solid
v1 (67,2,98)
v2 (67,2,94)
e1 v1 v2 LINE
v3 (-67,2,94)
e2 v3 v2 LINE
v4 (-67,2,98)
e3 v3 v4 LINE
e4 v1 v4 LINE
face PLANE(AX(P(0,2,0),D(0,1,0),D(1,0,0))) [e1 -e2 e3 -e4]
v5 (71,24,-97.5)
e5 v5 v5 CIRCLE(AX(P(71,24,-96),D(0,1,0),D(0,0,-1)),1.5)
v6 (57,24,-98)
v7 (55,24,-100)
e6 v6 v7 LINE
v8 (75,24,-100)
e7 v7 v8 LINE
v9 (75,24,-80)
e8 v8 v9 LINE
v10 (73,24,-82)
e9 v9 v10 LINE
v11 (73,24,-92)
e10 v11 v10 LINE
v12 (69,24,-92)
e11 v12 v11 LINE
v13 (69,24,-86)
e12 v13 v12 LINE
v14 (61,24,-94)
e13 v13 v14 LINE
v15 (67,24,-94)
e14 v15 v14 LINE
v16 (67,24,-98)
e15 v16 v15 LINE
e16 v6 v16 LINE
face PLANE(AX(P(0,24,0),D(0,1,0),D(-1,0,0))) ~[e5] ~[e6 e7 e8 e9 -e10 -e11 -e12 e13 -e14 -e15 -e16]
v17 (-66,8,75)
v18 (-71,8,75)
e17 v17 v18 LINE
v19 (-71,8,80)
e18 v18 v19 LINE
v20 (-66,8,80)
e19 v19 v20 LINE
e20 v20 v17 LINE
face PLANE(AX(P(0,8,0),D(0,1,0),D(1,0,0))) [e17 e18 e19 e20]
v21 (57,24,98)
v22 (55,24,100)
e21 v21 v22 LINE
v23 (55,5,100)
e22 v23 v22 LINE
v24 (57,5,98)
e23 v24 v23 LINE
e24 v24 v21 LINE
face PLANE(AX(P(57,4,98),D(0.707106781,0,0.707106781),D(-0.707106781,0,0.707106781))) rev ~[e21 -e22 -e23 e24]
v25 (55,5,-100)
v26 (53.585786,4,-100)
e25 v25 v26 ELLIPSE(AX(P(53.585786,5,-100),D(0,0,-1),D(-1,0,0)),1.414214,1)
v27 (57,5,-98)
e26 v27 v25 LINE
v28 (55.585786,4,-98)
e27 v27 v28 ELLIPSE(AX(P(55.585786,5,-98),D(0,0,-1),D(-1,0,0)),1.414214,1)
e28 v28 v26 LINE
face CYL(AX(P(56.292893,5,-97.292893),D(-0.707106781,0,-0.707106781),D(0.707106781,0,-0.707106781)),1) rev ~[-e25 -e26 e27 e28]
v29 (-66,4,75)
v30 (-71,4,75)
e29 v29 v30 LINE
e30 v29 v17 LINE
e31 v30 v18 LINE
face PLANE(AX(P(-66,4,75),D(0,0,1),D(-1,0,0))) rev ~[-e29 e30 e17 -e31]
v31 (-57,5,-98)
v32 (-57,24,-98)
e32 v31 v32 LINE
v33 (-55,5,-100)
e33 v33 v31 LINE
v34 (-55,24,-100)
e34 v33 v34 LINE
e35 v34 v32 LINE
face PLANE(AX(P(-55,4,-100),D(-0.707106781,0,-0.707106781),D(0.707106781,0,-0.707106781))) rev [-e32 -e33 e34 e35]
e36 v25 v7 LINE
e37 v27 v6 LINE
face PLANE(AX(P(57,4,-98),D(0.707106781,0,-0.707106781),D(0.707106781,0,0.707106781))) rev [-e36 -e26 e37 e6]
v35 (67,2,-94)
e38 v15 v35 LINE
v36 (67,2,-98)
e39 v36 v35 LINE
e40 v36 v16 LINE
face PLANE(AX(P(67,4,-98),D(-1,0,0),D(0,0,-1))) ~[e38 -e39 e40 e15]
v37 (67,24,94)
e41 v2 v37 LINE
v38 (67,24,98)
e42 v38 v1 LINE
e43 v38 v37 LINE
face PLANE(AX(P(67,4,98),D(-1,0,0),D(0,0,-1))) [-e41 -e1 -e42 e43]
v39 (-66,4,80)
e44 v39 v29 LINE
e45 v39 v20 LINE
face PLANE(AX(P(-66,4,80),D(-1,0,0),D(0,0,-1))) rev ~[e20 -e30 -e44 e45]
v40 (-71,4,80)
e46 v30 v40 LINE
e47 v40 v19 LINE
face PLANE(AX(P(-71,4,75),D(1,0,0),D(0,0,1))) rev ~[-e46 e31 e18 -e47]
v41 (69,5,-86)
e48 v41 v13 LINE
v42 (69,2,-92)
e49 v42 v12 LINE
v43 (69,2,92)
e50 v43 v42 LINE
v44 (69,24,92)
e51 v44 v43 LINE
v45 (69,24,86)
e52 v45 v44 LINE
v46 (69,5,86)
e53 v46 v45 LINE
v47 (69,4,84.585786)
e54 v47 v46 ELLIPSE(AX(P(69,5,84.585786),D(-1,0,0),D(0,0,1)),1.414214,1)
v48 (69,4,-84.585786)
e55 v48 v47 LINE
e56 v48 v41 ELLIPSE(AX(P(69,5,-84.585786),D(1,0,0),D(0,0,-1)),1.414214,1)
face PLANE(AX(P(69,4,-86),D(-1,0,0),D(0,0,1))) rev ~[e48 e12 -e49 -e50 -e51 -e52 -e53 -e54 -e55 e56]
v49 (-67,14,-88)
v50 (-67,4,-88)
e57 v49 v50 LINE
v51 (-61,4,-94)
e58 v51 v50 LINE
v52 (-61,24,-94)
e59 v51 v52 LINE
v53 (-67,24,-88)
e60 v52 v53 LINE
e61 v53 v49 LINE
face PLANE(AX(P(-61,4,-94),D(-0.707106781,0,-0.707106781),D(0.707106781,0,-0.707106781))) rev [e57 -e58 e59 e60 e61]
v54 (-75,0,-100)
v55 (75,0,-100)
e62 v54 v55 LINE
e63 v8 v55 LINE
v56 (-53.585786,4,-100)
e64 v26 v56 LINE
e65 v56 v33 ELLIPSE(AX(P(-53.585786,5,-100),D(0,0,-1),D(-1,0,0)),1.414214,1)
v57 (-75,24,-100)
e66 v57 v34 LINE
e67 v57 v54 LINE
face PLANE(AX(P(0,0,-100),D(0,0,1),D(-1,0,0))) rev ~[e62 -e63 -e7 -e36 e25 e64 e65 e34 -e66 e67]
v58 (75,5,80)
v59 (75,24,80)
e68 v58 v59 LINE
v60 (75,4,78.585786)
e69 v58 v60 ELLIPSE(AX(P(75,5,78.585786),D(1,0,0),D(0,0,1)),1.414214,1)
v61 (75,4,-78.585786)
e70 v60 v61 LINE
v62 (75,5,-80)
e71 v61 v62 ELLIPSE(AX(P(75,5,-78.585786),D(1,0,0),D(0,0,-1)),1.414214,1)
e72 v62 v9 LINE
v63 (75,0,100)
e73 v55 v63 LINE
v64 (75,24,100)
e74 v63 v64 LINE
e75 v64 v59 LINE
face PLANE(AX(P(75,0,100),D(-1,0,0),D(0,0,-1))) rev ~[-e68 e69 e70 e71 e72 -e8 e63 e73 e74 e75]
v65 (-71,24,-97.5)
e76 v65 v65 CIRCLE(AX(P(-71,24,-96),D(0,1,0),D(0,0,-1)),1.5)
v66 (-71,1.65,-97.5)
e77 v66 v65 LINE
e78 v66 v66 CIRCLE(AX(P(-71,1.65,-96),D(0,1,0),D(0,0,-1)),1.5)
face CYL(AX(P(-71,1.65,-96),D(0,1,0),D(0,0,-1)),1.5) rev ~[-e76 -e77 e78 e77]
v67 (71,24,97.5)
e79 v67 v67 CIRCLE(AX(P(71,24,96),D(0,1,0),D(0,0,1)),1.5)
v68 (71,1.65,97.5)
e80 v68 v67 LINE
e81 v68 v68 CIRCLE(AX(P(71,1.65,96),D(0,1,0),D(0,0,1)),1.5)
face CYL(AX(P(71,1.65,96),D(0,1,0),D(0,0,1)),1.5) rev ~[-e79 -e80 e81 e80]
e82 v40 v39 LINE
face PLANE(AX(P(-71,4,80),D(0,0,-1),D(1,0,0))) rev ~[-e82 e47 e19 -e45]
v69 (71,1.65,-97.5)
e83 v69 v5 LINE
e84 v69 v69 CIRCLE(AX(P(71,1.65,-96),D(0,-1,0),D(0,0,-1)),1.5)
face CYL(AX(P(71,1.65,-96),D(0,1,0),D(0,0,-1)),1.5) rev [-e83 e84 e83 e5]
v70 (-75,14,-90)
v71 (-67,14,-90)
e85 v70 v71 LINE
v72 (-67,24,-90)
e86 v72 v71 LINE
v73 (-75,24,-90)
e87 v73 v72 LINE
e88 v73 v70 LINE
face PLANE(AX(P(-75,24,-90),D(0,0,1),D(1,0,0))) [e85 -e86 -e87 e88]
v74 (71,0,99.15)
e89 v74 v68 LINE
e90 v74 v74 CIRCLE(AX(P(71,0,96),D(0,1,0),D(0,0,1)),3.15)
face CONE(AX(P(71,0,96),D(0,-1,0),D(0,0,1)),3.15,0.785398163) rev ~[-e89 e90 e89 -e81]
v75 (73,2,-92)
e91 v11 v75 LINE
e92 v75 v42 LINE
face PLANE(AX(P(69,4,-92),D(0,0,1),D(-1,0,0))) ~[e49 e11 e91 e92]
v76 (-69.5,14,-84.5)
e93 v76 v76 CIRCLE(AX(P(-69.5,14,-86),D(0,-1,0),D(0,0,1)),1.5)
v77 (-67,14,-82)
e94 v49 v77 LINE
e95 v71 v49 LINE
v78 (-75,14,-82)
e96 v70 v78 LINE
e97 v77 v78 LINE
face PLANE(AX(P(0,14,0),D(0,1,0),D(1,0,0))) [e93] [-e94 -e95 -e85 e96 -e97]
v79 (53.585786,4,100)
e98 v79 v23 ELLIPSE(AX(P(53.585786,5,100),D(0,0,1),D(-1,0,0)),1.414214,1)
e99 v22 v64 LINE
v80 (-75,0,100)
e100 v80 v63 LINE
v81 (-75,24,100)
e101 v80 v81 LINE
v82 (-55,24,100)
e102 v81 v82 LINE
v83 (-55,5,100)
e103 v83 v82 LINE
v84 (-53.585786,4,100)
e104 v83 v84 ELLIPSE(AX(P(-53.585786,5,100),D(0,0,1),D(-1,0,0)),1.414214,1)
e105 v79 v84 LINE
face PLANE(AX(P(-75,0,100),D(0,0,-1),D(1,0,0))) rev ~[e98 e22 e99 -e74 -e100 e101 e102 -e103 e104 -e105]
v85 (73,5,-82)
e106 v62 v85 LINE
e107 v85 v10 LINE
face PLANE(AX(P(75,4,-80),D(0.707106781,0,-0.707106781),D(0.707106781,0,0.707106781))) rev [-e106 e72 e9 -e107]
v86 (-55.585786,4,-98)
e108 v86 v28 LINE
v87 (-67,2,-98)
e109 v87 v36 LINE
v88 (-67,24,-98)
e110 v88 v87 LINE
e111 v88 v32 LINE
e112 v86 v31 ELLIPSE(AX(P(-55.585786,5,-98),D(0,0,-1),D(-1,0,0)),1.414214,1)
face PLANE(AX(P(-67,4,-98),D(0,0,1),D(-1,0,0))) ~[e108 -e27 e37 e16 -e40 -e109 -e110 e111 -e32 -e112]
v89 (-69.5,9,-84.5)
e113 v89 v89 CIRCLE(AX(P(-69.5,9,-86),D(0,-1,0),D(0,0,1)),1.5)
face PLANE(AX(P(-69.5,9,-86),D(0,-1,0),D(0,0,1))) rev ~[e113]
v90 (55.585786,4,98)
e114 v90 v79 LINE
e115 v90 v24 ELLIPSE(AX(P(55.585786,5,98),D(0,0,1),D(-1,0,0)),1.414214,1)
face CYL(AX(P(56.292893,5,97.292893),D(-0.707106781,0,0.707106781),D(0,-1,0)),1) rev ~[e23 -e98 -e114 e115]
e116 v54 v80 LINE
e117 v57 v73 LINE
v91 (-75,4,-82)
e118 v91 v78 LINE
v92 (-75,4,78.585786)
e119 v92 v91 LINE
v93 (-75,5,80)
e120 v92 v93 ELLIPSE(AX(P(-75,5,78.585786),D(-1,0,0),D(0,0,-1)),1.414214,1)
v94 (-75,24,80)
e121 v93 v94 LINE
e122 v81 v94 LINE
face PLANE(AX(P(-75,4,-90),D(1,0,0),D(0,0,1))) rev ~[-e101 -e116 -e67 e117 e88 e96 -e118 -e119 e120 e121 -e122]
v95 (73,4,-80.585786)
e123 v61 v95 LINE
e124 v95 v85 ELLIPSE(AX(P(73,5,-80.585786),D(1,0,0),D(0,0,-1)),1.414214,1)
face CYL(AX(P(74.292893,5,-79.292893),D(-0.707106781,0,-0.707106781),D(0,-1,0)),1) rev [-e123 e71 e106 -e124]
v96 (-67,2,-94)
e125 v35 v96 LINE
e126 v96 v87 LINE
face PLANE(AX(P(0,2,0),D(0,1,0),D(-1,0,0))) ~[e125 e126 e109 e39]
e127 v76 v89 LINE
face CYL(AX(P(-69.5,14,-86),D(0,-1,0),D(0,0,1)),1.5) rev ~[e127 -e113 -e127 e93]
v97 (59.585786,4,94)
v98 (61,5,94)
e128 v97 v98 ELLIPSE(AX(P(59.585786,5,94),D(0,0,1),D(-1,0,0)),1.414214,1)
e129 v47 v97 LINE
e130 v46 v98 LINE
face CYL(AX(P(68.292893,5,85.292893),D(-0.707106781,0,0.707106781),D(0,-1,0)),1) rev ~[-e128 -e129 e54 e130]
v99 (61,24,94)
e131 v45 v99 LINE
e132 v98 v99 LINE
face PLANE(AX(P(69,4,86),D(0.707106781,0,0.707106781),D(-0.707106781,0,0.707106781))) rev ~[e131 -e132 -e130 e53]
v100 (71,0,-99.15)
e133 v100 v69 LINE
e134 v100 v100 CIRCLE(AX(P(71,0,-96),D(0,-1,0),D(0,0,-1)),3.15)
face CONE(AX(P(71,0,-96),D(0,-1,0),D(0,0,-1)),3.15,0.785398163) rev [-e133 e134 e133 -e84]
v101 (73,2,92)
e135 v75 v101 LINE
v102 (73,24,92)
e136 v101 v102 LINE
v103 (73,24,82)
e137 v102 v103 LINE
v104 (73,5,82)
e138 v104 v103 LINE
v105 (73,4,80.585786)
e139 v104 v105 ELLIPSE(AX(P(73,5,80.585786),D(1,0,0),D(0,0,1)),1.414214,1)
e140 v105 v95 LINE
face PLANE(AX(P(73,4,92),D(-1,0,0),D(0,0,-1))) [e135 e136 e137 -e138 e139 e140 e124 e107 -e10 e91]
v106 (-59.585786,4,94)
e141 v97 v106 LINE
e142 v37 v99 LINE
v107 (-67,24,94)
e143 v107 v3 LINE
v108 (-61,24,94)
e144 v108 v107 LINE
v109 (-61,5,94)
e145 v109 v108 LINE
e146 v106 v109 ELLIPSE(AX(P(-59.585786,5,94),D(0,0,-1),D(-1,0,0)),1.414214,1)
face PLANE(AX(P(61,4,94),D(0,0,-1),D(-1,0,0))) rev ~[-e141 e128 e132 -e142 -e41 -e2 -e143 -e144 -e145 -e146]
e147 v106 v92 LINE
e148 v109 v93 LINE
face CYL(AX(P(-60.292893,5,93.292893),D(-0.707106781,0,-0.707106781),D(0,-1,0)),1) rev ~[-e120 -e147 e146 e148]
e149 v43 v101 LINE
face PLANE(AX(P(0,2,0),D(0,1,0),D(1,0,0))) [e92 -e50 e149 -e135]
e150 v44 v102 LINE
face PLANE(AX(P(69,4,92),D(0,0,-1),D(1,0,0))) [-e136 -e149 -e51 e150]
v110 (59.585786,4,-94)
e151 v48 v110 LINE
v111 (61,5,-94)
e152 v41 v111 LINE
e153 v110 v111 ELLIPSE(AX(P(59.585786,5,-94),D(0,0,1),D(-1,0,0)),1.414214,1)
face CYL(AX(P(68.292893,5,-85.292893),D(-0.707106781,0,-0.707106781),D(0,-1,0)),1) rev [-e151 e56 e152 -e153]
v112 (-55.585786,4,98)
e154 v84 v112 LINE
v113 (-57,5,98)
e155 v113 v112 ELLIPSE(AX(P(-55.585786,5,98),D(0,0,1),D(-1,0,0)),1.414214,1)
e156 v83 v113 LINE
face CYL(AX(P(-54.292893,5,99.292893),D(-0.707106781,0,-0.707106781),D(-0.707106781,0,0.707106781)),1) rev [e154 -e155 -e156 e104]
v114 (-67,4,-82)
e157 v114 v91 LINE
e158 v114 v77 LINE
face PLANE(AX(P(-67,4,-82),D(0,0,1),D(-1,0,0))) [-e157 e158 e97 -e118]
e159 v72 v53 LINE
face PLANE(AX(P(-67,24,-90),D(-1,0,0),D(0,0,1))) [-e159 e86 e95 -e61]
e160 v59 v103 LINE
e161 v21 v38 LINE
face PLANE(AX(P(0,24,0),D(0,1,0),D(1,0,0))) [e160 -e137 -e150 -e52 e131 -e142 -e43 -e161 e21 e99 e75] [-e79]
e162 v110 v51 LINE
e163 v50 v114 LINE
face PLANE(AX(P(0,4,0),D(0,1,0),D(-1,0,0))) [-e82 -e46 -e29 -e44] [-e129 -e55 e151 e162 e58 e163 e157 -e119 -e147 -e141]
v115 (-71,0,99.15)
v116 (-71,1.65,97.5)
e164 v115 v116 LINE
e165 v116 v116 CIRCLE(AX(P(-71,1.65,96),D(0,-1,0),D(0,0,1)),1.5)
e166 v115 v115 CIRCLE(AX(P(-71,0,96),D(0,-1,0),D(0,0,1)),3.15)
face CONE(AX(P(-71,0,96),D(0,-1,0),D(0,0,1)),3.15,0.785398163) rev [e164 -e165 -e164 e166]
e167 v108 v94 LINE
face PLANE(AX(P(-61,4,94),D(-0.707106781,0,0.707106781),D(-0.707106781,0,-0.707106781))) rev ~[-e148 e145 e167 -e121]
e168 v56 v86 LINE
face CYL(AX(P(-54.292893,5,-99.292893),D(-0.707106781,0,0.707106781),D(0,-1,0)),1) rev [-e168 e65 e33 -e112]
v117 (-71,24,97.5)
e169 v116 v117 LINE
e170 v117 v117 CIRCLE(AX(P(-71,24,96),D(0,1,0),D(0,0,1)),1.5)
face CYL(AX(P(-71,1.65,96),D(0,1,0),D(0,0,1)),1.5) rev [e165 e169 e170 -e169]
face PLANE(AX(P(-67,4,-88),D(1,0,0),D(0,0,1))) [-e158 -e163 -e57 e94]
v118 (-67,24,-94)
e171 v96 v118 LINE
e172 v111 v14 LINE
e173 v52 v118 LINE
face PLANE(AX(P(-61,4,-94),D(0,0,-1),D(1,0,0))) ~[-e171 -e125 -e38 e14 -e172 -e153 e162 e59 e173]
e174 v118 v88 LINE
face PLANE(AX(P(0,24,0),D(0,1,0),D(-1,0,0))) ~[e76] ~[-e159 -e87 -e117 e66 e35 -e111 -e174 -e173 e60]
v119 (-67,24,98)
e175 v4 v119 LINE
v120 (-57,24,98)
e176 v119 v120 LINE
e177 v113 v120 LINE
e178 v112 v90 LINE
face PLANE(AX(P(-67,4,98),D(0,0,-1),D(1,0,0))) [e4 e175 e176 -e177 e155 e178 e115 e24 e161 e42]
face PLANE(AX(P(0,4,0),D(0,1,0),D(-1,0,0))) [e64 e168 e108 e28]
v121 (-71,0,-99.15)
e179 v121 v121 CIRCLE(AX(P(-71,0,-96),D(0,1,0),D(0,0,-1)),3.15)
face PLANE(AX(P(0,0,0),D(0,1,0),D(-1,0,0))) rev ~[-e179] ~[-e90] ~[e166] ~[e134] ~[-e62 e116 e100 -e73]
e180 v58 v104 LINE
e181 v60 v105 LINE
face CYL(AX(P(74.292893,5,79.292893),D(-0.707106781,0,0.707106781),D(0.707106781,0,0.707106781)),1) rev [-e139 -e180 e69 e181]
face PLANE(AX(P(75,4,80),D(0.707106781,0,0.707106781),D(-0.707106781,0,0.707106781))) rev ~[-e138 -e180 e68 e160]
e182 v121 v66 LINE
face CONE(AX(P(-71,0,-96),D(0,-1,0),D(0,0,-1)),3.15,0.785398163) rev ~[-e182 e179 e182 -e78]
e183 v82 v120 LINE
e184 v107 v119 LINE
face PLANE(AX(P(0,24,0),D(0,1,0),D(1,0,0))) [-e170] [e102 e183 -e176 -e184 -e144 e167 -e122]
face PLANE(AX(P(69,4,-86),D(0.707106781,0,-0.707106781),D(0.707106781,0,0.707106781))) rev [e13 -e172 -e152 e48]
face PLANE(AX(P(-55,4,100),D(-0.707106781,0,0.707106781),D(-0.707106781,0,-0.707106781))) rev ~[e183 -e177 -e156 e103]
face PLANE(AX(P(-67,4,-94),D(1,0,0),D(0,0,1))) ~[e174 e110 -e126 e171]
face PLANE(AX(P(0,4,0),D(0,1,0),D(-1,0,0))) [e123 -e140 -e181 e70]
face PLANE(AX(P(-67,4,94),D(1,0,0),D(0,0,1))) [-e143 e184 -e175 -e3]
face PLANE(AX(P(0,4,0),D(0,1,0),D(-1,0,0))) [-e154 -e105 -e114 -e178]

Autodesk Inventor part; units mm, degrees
ref_plane "YZ Plane" through (0, 0, 0) normal (1, 0, 0) x (0, 1, 0)
sketch "Náčrt1" plane through (0, 0, 0) normal (0, 1, 0) x (-1, 0, 0)
  line L0 (75, 100) -> (-75, 100)
  line L1 (-75, 100) -> (-75, -100)
  line L2 (-75, -100) -> (75, -100)
  line L3 (75, -100) -> (75, 100)
  line L4 (105, 0) -> (-105, 0) projected
  line L5 (0, -140) -> (0, 140) projected
  point P0 (0, 0)
  dimension "d0" = 200
  dimension "d1" = 150
extrude "Vysunutí1" add sketch "Náčrt1" along normal blind 4
sketch "Náčrt2" plane through (0, 4, 0) normal (0, 1, 0) x (1, 0, 0)
  line L0 (-75, -100) -> (-75, -80)
  line L1 (-75, -100) -> (-55, -100)
  line L2 (-75, 100) -> (-75, -100) projected
  line L3 (-75, -100) -> (75, -100) projected
  line L4 (-67, -98) -> (-57, -98)
  line L5 (-61, -94) -> (-67, -94)
  line L6 (-67, -94) -> (-67, -98)
  line L7 (-55, -100) -> (-57, -98)
  line L8 (-61, -94) -> (-75, -80)
  line L9 (55, -100) -> (75, -100)
  line L10 (75, -100) -> (75, -80)
  line L11 (75, -100) -> (75, 100) projected
  line L12 (57, -98) -> (67, -98)
  line L13 (67, -98) -> (67, -94)
  line L14 (67, -94) -> (61, -94)
  line L15 (57, -98) -> (55, -100)
  line L16 (69, -92) -> (73, -92)
  line L17 (73, -92) -> (73, -82)
  line L18 (69, -86) -> (69, -92)
  line L19 (75, -80) -> (73, -82)
  line L20 (69, -86) -> (61, -94)
  point P0 (0, 0)
  point P1 (55, -100)
  dimension "d4" = 20
  dimension "d17" = 4
  dimension "d18" = 2
  dimension "d19" = 8
  dimension "d20" = 10
  dimension "d21" = 6
  dimension "d66" = 20
  dimension "d67" = 20
  dimension "d70" = 2
  dimension "d71" = 10
  dimension "d72" = 8
  dimension "d74" = 4
  dimension "d75" = 6
  dimension "d77" = 10
  dimension "d78" = 2
  dimension "d79" = 8
  dimension "d80" = 4
  dimension "d81" = 6
extrude "Vysunutí7" add sketch "Náčrt2" along normal blind 20
mirror "Zrcadlit5" about plane through (0, 0, 0) normal (0, 0, 1) of "Vysunutí7"
ref_plane "Pracovní rovina2" through (0, 14, 0) normal (0, 1, 0) x (1, 0, 0)
sketch "Náčrt11" plane through (0, 0, 0) normal (0, -1, 0) x (1, 0, 0)
  line L0 (75, -100) -> (-75, -100) projected
  line L1 (-75, -100) -> (-75, 100) projected
  point P0 (0, 0)
  point P1 (-71, -96)
  dimension "d100" = 4
  dimension "d101" = 4
hole "Díra4" at (-71, 0, -96) direction (0, 1, 0) diameter 3 end through all countersink diameter 6.3 countersink angle 90 clearance for "Šroub se zápustnou hlavou ISO 2009/7046" size "M3" standard "ISO"
pattern_circular "Kruhové pole1" count 2 over 360 about axis through (0, -10, 0) along (0, 1, 0) of "Díra4"
mirror "Zrcadlit6" about plane through (0, 0, 0) normal (0, 0, 1) of "Kruhové pole1", "Díra4"
sketch "Náčrt12" plane through (0, 4, 0) normal (0, 1, 0) x (1, 0, 0)
  line L0 (-67, -98) -> (67, -98)
  line L1 (67, -98) -> (67, -94)
  line L2 (67, -94) -> (-67, -94)
  line L3 (-67, -94) -> (-67, -98)
  line L4 (-67, -98) -> (-67, -94) projected
  line L5 (67, -94) -> (67, -98) projected
  line L6 (61, -94) -> (67, -94) projected
  line L7 (67, -98) -> (57, -98) projected
  point P0 (0, 0)
extrude "Vysunutí9" cut sketch "Náčrt12" against normal blind 2
mirror "Zrcadlit7" about plane through (0, 0, 0) normal (0, 0, 1) of "Vysunutí9"
sketch "Náčrt13" plane through (0, 4, 0) normal (0, 1, 0) x (1, 0, 0)
  line L0 (69, -92) -> (73, -92)
  line L1 (73, -92) -> (73, 92)
  line L2 (73, 92) -> (69, 92)
  line L3 (69, 92) -> (69, -92)
  line L4 (73, -92) -> (69, -92) projected
  line L5 (73, 92) -> (69, 92) projected
  line L6 (73, 82) -> (73, 92) projected
  line L7 (69, 92) -> (69, 86) projected
  point P0 (0, 0)
extrude "Vysunutí10" cut sketch "Náčrt13" against normal blind 2
sketch "Náčrt14" plane through (0, 4, 0) normal (0, 1, 0) x (1, 0, 0)
  line L0 (-71, -80) -> (-66, -80)
  line L1 (-66, -80) -> (-66, -75)
  line L2 (-66, -75) -> (-71, -75)
  line L3 (-71, -75) -> (-71, -80)
  line L4 (-75, 80) -> (-75, -80) projected
  line L5 (-75, -100) -> (-55, -100) projected
  point P0 (0, 0)
  dimension "d116" = 5
  dimension "d117" = 5
  dimension "d118" = 4
  dimension "d119" = 20
extrude "Vysunutí11" add sketch "Náčrt14" along normal blind 4
fillet "Zaoblení1" radius 1 9 edges at (-56, 4, -99) (56, 4, -99) (65, 4, -90) (74, 4, -81) (-56, 4, 99) (-68, 4, 87) (65, 4, 90) (74, 4, 81) (56, 4, 99)
sketch "Náčrt15" plane through (-75, 24, -100) normal (0, 1, 0) x (1, 0, 0)
  line L0 (0, -10) -> (8, -10)
  line L1 (8, -10) -> (8, -20)
  line L2 (8, -20) -> (0, -20)
  line L3 (0, -20) -> (0, -10)
  line L4 (0, -20) -> (0, 0) projected
  point P0 (75, -100)
  dimension "d123" = 8
  dimension "d124" = 10
extrude "Vysunutí12" cut sketch "Náčrt15" against normal up to surface (20 mm away)
sketch "Náčrt16" plane through (0, 4, 0) normal (0, 1, 0) x (1, 0, 0)
  line L0 (-75, 90) -> (-75, -78.5858) projected
  line L1 (-75, 90) -> (-67, 90)
  line L2 (-67, 90) -> (-67, 82)
  line L3 (-67, 82) -> (-75, 82)
  line L4 (-75, 82) -> (-75, 90)
  line L5 (-75, 90) -> (-67, 90) projected
  line L6 (-67, 90) -> (-67, 88) projected
  point P0 (0, 0)
  dimension "d142" = 8
ref_plane "Pracovní rovina3" through (0, 14, 0) normal (0, 1, 0) x (1, 0, 0)
extrude "Vysunutí14" add sketch "Náčrt16" along normal blind 10
sketch "Náčrt18" plane through (0, 14, 0) normal (0, 1, 0) x (1, 0, 0)
  line L0 (-67, 82) -> (-67, 88) projected
  line L1 (-75, 82) -> (-67, 82) projected
  point P0 (0, 0)
  point P1 (-69.5, 86)
  dimension "d145" = 2.5
  dimension "d146" = 4
hole "Díra6" at (-69.5, 14, -86) direction (0, -1, 0) diameter 3 depth 5
properties part number "Cabinet"
